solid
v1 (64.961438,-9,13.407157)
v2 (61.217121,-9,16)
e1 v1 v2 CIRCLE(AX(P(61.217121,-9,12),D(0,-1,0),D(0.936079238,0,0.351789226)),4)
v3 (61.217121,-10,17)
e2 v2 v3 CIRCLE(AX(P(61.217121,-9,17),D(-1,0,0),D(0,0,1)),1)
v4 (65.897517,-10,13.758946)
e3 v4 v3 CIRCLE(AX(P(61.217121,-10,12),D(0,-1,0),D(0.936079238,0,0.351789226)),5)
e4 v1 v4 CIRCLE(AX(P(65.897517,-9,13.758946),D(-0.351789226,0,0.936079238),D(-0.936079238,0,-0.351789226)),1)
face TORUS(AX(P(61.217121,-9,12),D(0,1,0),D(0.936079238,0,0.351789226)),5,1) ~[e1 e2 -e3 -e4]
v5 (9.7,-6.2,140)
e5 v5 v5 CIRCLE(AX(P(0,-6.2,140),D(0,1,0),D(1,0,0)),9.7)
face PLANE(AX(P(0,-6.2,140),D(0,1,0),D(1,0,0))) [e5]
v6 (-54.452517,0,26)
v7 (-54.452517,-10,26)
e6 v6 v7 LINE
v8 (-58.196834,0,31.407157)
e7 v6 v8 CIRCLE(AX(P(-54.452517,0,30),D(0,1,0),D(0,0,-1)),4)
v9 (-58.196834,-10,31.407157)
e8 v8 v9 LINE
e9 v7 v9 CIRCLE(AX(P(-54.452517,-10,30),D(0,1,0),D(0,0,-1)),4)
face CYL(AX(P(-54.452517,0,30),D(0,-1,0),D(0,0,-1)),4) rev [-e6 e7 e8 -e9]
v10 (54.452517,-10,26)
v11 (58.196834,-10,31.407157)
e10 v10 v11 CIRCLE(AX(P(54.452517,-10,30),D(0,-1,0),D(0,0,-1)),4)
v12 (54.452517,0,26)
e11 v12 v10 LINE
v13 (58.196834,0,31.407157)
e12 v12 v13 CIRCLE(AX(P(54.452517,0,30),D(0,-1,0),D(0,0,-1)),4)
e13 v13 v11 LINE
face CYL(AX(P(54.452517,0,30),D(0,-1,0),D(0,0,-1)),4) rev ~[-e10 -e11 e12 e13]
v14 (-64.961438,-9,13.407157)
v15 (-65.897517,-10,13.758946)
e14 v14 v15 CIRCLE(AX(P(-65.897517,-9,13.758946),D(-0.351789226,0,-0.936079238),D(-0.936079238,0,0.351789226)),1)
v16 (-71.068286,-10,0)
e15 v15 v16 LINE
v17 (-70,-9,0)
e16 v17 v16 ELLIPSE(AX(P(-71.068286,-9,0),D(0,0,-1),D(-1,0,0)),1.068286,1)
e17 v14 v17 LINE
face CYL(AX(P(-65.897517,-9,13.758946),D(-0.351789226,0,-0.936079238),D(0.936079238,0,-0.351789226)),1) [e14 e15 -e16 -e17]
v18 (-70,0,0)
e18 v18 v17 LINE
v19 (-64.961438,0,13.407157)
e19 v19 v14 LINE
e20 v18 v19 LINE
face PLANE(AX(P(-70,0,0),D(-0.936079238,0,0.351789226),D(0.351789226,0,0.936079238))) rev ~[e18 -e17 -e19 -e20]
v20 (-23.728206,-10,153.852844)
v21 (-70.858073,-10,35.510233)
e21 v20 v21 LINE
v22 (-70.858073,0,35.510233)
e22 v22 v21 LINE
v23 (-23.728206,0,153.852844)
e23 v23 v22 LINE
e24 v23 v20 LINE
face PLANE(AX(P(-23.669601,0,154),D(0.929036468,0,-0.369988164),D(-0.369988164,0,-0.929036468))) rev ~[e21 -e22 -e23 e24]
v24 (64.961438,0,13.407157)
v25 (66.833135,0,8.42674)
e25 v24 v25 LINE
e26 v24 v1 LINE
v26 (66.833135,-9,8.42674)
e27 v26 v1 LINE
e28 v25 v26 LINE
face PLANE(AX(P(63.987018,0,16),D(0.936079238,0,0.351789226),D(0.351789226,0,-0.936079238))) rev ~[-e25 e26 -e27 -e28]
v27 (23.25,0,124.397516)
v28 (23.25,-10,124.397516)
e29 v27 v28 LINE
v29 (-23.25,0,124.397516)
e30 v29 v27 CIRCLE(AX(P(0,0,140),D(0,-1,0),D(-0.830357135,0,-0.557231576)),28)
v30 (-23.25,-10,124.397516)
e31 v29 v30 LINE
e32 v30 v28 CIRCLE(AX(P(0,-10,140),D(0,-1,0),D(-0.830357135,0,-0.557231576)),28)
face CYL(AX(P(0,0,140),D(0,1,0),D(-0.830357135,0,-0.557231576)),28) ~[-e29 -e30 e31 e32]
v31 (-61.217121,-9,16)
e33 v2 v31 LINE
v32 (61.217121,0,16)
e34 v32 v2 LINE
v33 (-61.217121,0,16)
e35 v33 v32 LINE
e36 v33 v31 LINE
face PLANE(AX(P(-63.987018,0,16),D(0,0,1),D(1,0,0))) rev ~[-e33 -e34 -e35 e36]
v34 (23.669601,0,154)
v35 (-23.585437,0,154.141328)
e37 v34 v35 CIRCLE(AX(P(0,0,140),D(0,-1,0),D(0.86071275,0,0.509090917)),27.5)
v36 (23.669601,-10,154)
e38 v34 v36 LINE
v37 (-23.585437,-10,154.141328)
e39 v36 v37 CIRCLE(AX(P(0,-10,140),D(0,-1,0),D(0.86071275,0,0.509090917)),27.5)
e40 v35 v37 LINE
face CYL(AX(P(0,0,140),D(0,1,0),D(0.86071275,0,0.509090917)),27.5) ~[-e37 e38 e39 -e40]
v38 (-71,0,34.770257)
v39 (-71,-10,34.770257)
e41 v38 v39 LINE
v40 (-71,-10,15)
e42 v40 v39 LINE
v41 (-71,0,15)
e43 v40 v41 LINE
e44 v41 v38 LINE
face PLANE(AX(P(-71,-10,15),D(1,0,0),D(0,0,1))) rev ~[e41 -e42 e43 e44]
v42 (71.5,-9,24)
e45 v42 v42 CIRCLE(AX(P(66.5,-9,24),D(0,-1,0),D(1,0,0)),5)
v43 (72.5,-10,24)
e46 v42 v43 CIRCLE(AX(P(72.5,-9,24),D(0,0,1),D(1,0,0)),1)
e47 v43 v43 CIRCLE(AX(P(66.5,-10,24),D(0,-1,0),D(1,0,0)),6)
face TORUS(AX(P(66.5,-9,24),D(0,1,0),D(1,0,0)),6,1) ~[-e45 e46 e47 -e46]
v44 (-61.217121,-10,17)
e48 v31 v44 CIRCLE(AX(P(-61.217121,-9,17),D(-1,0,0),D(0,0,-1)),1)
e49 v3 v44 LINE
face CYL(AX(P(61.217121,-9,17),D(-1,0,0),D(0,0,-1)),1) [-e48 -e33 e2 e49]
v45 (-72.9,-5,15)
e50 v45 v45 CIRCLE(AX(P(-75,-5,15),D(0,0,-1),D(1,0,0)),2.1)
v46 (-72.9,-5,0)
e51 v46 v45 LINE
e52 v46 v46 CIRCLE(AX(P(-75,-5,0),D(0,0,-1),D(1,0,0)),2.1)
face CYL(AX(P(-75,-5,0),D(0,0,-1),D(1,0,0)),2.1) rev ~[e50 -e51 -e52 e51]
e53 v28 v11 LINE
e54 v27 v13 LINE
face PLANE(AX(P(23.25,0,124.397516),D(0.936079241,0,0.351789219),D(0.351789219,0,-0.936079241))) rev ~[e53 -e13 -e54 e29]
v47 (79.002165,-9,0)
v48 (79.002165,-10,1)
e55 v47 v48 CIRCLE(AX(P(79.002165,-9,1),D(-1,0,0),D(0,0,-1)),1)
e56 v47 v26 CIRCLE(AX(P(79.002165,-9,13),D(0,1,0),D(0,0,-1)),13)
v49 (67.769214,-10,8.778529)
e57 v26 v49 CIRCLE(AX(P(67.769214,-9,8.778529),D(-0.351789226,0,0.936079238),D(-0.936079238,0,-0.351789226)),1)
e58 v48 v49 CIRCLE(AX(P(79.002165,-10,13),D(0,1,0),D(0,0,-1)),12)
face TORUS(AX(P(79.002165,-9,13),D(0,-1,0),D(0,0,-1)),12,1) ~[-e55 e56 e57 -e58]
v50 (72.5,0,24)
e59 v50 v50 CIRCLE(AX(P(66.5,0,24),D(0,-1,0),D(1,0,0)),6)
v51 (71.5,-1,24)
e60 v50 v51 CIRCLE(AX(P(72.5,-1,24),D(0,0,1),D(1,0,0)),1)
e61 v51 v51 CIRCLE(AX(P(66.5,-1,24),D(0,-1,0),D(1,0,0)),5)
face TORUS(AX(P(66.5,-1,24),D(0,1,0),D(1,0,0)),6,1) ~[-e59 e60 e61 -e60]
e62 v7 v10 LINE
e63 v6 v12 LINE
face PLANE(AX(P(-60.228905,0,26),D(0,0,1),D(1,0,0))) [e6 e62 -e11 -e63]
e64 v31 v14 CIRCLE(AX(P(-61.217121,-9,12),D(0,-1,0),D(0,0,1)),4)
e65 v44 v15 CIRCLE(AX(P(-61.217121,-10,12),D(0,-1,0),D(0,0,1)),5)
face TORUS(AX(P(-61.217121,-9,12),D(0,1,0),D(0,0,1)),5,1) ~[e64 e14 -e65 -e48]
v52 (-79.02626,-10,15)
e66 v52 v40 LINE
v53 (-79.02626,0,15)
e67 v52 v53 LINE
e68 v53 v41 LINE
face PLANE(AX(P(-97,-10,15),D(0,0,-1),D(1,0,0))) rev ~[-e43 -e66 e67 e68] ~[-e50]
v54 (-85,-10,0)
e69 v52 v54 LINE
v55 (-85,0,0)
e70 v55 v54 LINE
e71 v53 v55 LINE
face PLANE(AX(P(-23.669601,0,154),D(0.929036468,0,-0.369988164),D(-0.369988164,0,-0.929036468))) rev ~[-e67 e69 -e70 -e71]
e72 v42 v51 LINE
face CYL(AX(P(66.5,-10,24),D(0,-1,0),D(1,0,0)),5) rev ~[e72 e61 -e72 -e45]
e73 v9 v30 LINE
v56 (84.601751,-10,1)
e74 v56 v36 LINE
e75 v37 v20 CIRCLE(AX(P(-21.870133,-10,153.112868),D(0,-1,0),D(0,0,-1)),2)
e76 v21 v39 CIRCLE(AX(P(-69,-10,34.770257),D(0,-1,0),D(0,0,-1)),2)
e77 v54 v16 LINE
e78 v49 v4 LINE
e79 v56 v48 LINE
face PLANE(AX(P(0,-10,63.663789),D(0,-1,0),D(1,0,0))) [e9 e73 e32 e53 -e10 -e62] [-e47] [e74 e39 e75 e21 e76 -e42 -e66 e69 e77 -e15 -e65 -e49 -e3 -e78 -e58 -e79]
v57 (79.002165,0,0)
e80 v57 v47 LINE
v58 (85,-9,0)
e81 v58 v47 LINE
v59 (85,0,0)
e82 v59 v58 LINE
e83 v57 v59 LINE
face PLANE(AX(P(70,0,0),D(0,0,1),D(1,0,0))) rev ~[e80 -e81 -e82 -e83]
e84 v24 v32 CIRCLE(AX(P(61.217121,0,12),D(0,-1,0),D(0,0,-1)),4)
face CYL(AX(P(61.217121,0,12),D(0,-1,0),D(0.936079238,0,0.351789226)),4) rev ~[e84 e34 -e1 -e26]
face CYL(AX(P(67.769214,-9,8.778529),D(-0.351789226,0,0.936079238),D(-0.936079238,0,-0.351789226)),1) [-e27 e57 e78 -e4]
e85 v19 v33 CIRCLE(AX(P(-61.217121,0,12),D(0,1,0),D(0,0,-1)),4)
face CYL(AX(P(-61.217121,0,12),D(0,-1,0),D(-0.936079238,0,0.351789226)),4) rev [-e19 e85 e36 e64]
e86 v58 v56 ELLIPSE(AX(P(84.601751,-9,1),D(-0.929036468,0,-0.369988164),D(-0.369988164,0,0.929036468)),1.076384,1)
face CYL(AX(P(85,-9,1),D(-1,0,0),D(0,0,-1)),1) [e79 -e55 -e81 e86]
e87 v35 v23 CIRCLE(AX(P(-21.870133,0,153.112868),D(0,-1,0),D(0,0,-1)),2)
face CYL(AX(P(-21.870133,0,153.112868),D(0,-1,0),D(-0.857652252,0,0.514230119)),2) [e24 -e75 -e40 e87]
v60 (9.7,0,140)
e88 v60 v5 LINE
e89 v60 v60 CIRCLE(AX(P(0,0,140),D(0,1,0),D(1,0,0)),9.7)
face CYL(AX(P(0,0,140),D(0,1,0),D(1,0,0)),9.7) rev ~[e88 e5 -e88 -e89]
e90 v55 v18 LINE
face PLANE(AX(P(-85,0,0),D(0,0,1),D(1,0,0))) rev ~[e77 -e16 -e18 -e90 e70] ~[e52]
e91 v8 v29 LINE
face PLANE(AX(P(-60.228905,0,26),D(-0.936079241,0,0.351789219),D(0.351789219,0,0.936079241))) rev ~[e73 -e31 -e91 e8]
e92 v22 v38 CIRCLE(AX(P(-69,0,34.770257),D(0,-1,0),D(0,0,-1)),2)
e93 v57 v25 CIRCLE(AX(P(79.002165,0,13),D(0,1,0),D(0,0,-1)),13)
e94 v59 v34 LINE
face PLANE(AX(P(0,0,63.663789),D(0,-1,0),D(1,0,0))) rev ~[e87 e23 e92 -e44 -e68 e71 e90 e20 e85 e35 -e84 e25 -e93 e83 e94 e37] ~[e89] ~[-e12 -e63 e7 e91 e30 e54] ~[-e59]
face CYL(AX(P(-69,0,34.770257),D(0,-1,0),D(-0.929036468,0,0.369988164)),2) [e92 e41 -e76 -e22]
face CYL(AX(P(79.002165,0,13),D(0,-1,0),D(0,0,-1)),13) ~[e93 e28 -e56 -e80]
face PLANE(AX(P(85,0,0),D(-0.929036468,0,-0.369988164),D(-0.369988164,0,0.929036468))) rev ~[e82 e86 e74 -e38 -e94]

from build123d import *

# Parameters (mm, degrees)
PAD_DEPTH       = 10
FILLET_R        = 4
SKETCH002_R     = 2.1
POCKET001_DEPTH = 167.501
SKETCH003_W     = 26
SKETCH003_H     = 25
POCKET002_DEPTH = 10.001
SKETCH004_R     = 5
POCKET003_DEPTH = 10.001
FILLET001_R     = 2
FILLET002_R     = 1
FILLET003_R     = 13
FILLET004_R     = 1
SKETCH005_R     = 9.7
POCKET004_DEPTH = 6.2
FILLET005_R     = 1
SKETCH006_R     = 9.7
POCKET_DEPTH    = 6.2


with BuildPart() as part:
    # Sketch → Pad (new body)
    with BuildSketch(Plane.XZ):
        with BuildLine():
            ThreePointArc((23.669601, 154), (0, 167.5), (-23.669601, 154))
            Line((-23.669601, 154), (-85, 0))
            Line((-85, 0), (-70, 0))
            Line((-70, 0), (-63.987018, 16))
            Line((-63.987018, 16), (63.987018, 16))
            Line((63.987018, 16), (70, 0))
            Line((70, 0), (85, 0))
            Line((85, 0), (23.669601, 154))
        make_face()
        with BuildLine():
            Line((-60.228905, 26), (60.228905, 26))
            Line((23.25, 124.397516), (60.228905, 26))
            ThreePointArc((-23.25, 124.397516), (0, 112), (23.25, 124.397516))
            Line((-60.228905, 26), (-23.25, 124.397516))
        make_face(mode=Mode.SUBTRACT)
    extrude(amount=PAD_DEPTH)

    # Fillet
    fillet_edges = [part.edges().sort_by_distance(p)[0] for p in [
        (-63.987018, -5, 16),
        (-60.228905, -5, 26),
        (60.228905, -5, 26),
        (63.987018, -5, 16),
    ]]
    fillet(fillet_edges, radius=FILLET_R)

    # Sketch002 → Pocket001 (cut, through all)
    with BuildSketch(Plane(origin=(0, 0, 0), x_dir=(1, 0, 0), z_dir=(0, 0, -1))):
        with Locations((-75, 5)):
            Circle(SKETCH002_R)
    extrude(amount=-POCKET001_DEPTH, mode=Mode.SUBTRACT)

    # Sketch003 (on Face5 of Pocket001) → Pocket002 (cut, through all)
    with BuildSketch(Plane.XZ.offset(10)):
        with Locations((-84, 27.5)):
            Rectangle(SKETCH003_W, SKETCH003_H)
    extrude(amount=-POCKET002_DEPTH, mode=Mode.SUBTRACT)

    # Sketch004 → Pocket003 (cut, through all)
    with BuildSketch(Plane.XZ.offset(10)):
        with Locations((66.5, 24)):
            Circle(SKETCH004_R)
    extrude(amount=-POCKET003_DEPTH, mode=Mode.SUBTRACT)

    # Fillet001
    fillet001_edges = [part.edges().sort_by_distance(p)[0] for p in [
        (-23.669601, -5, 154),
        (-71, -5, 35.153856),
    ]]
    fillet(fillet001_edges, radius=FILLET001_R)

    # Fillet002
    fillet002_edges = [part.edges().sort_by_distance(p)[0] for p in [
        (61.5, -10, 24),
    ]]
    fillet(fillet002_edges, radius=FILLET002_R)

    # Fillet003
    fillet003_edges = [part.edges().sort_by_distance(p)[0] for p in [
        (70, -5, 0),
    ]]
    fillet(fillet003_edges, radius=FILLET003_R)

    # Fillet004
    fillet004_edges = [part.edges().sort_by_distance(p)[0] for p in [
        (63.494331, -10, 15.288512),
        (65.897287, -10, 10.916949),
    ]]
    fillet(fillet004_edges, radius=FILLET004_R)

    # Sketch005 (on Face1 of Fillet004) → Pocket004 (cut)
    with BuildSketch(Plane(origin=(0, 0, 0), x_dir=(1, 0, 0), z_dir=(0, 0, -1))):
        with Locations((0, -140)):
            Circle(SKETCH005_R)
    extrude(amount=-POCKET004_DEPTH, mode=Mode.SUBTRACT)

    # Fillet005
    fillet005_edges = [part.edges().sort_by_distance(p)[0] for p in [
        (61.5, 0, 24),
    ]]
    fillet(fillet005_edges, radius=FILLET005_R)

    # Sketch006 (on Face1 of Fillet005) → Pocket (cut)
    with BuildSketch(Plane(origin=(0, 0, 0), x_dir=(1, 0, 0), z_dir=(0, 1, 0))):
        with Locations((0, -140)):
            Circle(SKETCH006_R)
    extrude(amount=-POCKET_DEPTH, mode=Mode.SUBTRACT)


solid = part.part
